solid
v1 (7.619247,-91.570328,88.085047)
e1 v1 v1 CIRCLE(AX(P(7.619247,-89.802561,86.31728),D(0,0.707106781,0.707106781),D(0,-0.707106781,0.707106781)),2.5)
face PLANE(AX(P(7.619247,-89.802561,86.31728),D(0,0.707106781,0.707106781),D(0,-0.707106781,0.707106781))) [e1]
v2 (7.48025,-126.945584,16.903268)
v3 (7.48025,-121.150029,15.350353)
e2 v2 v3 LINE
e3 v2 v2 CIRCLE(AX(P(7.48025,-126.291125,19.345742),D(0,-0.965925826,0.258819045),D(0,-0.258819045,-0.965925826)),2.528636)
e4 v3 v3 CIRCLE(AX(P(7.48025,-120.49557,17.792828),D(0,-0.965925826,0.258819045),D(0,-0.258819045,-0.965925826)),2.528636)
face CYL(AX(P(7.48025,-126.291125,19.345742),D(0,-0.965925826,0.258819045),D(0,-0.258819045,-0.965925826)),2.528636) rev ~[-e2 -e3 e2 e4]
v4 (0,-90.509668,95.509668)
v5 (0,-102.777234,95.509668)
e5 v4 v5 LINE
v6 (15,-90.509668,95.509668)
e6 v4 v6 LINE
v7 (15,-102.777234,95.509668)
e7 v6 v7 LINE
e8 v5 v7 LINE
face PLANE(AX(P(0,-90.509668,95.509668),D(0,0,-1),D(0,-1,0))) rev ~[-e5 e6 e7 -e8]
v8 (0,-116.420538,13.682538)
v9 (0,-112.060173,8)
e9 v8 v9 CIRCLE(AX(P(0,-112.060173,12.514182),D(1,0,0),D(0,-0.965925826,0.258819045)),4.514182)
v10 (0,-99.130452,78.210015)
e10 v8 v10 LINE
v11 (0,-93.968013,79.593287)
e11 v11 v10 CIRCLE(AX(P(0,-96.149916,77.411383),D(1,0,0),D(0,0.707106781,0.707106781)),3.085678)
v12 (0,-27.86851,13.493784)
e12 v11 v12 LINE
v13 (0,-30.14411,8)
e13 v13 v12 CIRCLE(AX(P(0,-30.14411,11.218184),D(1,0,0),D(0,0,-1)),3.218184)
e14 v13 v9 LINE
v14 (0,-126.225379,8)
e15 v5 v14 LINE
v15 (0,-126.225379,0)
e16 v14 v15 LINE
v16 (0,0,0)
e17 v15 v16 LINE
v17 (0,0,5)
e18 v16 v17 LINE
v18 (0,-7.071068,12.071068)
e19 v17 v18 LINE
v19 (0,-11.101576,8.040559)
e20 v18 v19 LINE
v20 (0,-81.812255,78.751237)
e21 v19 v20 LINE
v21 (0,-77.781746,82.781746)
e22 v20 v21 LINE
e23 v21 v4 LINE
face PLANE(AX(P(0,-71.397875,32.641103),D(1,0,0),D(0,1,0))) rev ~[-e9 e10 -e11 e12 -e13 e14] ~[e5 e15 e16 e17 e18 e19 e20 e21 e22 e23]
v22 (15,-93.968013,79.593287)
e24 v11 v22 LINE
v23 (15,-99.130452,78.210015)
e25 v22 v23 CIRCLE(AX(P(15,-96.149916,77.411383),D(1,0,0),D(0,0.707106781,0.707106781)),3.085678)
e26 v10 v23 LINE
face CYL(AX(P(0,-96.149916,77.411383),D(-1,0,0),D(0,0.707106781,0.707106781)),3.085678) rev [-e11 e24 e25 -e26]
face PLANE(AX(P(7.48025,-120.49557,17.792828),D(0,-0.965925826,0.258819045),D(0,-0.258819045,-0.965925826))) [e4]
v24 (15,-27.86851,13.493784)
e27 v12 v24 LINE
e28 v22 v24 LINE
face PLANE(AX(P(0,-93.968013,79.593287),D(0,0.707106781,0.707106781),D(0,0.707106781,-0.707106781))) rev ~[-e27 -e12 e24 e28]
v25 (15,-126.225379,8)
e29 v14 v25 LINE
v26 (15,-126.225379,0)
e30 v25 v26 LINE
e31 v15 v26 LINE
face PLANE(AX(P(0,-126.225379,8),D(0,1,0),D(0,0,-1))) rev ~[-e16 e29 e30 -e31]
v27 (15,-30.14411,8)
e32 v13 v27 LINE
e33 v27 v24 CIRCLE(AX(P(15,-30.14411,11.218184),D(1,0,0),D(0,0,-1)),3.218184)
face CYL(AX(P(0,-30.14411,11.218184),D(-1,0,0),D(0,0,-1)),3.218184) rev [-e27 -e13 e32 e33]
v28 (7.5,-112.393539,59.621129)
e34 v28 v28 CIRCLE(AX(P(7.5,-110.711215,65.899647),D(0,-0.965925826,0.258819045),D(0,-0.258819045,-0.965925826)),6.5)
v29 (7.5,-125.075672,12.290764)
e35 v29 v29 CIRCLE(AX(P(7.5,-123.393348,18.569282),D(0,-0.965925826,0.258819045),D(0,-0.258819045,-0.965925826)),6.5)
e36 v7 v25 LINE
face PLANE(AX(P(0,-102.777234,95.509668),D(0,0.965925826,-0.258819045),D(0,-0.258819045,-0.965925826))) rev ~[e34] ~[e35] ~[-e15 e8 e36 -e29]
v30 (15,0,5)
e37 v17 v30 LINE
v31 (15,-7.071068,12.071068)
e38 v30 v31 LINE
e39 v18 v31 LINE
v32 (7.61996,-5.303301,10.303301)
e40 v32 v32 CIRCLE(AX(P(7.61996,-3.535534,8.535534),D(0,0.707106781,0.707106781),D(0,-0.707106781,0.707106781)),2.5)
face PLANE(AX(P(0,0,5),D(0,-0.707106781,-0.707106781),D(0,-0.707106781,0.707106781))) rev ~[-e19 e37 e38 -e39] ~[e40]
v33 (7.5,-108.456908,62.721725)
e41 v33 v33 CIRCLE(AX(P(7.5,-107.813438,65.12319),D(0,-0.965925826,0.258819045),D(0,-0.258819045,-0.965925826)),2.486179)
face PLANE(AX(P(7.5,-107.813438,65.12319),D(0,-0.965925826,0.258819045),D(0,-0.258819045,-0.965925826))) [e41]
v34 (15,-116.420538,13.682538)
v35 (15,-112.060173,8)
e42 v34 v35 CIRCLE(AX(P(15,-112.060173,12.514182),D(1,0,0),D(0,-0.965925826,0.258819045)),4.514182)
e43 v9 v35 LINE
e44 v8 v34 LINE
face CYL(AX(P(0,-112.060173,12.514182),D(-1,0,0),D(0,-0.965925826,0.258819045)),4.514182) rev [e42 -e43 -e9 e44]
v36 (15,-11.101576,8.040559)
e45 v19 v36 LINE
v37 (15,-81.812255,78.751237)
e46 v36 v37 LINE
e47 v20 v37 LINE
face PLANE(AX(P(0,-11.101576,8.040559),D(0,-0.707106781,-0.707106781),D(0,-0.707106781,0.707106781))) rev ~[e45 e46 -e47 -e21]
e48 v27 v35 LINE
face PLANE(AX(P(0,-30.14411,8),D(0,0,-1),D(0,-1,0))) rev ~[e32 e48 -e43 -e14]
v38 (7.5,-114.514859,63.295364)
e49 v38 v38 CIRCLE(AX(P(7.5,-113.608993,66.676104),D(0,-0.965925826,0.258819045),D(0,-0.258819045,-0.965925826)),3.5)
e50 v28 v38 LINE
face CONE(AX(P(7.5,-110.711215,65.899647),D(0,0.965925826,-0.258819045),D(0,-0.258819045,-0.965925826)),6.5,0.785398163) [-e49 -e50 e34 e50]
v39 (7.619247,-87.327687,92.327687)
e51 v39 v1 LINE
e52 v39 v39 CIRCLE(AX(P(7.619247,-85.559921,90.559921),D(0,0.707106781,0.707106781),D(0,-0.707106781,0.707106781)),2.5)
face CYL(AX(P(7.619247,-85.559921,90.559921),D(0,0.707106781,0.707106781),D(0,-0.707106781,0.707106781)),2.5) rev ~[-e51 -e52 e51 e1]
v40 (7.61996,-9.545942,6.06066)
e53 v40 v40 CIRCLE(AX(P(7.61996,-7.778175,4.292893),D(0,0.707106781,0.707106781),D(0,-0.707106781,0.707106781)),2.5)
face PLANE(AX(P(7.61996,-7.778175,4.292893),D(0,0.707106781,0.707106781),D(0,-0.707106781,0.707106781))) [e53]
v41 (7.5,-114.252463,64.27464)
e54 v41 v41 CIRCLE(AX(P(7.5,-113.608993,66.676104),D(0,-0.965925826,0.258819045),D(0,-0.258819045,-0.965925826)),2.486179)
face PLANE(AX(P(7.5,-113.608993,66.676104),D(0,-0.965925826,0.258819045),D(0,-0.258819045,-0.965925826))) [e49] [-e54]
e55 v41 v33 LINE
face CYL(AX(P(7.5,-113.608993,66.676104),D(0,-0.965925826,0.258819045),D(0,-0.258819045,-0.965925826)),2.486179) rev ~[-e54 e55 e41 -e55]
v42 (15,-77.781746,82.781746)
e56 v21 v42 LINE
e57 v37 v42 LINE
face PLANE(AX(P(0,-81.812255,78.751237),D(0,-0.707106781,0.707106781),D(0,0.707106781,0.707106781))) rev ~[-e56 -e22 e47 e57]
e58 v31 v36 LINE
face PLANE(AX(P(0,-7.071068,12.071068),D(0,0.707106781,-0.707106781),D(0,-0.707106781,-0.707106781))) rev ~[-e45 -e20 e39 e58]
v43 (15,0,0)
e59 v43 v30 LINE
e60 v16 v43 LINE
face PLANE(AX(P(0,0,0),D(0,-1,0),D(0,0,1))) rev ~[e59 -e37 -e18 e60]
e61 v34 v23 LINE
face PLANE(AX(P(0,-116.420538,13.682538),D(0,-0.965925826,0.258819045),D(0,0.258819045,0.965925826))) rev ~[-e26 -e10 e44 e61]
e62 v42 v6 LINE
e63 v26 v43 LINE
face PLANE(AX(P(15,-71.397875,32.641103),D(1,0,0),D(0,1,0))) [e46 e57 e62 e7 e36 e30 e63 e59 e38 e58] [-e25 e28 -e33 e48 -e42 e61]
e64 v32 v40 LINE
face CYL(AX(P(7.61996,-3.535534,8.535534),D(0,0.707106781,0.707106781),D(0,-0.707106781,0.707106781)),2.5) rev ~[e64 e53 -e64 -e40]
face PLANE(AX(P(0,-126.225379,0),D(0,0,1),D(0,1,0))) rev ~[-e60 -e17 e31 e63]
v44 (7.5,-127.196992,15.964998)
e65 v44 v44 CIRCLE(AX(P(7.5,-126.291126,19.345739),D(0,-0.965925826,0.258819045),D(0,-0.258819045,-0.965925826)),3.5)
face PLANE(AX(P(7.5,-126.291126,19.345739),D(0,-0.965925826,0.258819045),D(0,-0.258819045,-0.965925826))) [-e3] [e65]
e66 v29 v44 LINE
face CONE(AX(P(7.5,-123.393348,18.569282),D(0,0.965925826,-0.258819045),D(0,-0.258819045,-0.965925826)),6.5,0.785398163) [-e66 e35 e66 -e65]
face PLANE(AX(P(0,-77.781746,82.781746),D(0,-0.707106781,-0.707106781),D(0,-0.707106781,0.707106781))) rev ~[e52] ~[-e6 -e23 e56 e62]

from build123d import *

# Parameters (mm, degrees)
PAD_DEPTH       = 15
SKETCH001_R     = 2.5
POCKET_DEPTH    = 6
SKETCH002_R     = 2.486179
SKETCH002_R_2   = 2.528636
POCKET001_DEPTH = 6


with BuildPart() as part:
    # Sketch → Pad (new body)
    with BuildSketch(Plane.YZ):
        Polygon((-126.2253788048, 0), (0, 0), (0, 5), (-7.0710678119, 12.0710678119), (-11.1015764646, 8.0405591591), (-81.8122545833, 78.7512372778), (-77.7817459305, 82.7817459305), (-90.5096679919, 95.5096679919), (-102.7772339365, 95.5096679919), (-126.2253788048, 8), align=None)
        with BuildLine():
            Line((-93.9680126151, 79.5932868106), (-27.8685100548, 13.4937842503))
            ThreePointArc((-30.14411, 8), (-27.1708953887, 9.9866384892), (-27.8685100548, 13.4937842503))
            Line((-30.14411, 8), (-112.060173, 8))
            ThreePointArc((-116.4205378609, 13.6825381216), (-115.6415142719, 9.7661220673), (-112.060173, 8))
            Line((-116.4205378609, 13.6825381216), (-99.1304524836, 78.2100152169))
            ThreePointArc((-93.9680126151, 79.5932868106), (-96.9485486629, 80.3919190376), (-99.1304524836, 78.2100152169))
        make_face(mode=Mode.SUBTRACT)
    extrude(amount=PAD_DEPTH)

    # Sketch001 (on Face8 of Pad) → Pocket (cut)
    with BuildSketch(Plane(origin=(0, 2.5, 2.5), x_dir=(0, -0.7071067812, 0.7071067812), z_dir=(0, 0.7071067812, 0.7071067812))):
        with Locations((8.5355339059, 7.6199603564)):
            Circle(SKETCH001_R)
        with Locations((124.5355339037, 7.6192468054)):
            Circle(SKETCH001_R)
    extrude(amount=-POCKET_DEPTH, mode=Mode.SUBTRACT)

    # Cone → Cone (revolve)
    with BuildSketch(Plane(origin=(7.5, -123.3933483575, 18.569281518), x_dir=(0, -0.2588190451, -0.9659258263), z_dir=(-1, 0, 0))):
        Polygon((0, 0), (6.5, 0), (3.5, 3), (0, 3), align=None)
    revolve(axis=Axis((7.5, -123.3933483575, 18.569281518), (0, -0.9659258263, 0.2588190451)))

    # Cone001 → Cone001 (revolve)
    with BuildSketch(Plane(origin=(7.5, -110.7112151475, 65.8996470062), x_dir=(0, -0.2588190451, -0.9659258263), z_dir=(-1, 0, 0))):
        Polygon((0, 0), (6.5, 0), (3.5, 3), (0, 3), align=None)
    revolve(axis=Axis((7.5, -110.7112151475, 65.8996470062), (0, -0.9659258263, 0.2588190451)))

    # Sketch002 (on Face21 of Cone001) → Pocket001 (cut)
    with BuildSketch(Plane(origin=(7.5, -113.6089926263, 66.6761041415), x_dir=(0, -0.2588190451, -0.9659258263), z_dir=(0, -0.9659258263, 0.2588190451))):
        Circle(SKETCH002_R)
        with Locations((48.9999960198, -0.01975)):
            Circle(SKETCH002_R_2)
    extrude(amount=-POCKET001_DEPTH, mode=Mode.SUBTRACT)


solid = part.part
